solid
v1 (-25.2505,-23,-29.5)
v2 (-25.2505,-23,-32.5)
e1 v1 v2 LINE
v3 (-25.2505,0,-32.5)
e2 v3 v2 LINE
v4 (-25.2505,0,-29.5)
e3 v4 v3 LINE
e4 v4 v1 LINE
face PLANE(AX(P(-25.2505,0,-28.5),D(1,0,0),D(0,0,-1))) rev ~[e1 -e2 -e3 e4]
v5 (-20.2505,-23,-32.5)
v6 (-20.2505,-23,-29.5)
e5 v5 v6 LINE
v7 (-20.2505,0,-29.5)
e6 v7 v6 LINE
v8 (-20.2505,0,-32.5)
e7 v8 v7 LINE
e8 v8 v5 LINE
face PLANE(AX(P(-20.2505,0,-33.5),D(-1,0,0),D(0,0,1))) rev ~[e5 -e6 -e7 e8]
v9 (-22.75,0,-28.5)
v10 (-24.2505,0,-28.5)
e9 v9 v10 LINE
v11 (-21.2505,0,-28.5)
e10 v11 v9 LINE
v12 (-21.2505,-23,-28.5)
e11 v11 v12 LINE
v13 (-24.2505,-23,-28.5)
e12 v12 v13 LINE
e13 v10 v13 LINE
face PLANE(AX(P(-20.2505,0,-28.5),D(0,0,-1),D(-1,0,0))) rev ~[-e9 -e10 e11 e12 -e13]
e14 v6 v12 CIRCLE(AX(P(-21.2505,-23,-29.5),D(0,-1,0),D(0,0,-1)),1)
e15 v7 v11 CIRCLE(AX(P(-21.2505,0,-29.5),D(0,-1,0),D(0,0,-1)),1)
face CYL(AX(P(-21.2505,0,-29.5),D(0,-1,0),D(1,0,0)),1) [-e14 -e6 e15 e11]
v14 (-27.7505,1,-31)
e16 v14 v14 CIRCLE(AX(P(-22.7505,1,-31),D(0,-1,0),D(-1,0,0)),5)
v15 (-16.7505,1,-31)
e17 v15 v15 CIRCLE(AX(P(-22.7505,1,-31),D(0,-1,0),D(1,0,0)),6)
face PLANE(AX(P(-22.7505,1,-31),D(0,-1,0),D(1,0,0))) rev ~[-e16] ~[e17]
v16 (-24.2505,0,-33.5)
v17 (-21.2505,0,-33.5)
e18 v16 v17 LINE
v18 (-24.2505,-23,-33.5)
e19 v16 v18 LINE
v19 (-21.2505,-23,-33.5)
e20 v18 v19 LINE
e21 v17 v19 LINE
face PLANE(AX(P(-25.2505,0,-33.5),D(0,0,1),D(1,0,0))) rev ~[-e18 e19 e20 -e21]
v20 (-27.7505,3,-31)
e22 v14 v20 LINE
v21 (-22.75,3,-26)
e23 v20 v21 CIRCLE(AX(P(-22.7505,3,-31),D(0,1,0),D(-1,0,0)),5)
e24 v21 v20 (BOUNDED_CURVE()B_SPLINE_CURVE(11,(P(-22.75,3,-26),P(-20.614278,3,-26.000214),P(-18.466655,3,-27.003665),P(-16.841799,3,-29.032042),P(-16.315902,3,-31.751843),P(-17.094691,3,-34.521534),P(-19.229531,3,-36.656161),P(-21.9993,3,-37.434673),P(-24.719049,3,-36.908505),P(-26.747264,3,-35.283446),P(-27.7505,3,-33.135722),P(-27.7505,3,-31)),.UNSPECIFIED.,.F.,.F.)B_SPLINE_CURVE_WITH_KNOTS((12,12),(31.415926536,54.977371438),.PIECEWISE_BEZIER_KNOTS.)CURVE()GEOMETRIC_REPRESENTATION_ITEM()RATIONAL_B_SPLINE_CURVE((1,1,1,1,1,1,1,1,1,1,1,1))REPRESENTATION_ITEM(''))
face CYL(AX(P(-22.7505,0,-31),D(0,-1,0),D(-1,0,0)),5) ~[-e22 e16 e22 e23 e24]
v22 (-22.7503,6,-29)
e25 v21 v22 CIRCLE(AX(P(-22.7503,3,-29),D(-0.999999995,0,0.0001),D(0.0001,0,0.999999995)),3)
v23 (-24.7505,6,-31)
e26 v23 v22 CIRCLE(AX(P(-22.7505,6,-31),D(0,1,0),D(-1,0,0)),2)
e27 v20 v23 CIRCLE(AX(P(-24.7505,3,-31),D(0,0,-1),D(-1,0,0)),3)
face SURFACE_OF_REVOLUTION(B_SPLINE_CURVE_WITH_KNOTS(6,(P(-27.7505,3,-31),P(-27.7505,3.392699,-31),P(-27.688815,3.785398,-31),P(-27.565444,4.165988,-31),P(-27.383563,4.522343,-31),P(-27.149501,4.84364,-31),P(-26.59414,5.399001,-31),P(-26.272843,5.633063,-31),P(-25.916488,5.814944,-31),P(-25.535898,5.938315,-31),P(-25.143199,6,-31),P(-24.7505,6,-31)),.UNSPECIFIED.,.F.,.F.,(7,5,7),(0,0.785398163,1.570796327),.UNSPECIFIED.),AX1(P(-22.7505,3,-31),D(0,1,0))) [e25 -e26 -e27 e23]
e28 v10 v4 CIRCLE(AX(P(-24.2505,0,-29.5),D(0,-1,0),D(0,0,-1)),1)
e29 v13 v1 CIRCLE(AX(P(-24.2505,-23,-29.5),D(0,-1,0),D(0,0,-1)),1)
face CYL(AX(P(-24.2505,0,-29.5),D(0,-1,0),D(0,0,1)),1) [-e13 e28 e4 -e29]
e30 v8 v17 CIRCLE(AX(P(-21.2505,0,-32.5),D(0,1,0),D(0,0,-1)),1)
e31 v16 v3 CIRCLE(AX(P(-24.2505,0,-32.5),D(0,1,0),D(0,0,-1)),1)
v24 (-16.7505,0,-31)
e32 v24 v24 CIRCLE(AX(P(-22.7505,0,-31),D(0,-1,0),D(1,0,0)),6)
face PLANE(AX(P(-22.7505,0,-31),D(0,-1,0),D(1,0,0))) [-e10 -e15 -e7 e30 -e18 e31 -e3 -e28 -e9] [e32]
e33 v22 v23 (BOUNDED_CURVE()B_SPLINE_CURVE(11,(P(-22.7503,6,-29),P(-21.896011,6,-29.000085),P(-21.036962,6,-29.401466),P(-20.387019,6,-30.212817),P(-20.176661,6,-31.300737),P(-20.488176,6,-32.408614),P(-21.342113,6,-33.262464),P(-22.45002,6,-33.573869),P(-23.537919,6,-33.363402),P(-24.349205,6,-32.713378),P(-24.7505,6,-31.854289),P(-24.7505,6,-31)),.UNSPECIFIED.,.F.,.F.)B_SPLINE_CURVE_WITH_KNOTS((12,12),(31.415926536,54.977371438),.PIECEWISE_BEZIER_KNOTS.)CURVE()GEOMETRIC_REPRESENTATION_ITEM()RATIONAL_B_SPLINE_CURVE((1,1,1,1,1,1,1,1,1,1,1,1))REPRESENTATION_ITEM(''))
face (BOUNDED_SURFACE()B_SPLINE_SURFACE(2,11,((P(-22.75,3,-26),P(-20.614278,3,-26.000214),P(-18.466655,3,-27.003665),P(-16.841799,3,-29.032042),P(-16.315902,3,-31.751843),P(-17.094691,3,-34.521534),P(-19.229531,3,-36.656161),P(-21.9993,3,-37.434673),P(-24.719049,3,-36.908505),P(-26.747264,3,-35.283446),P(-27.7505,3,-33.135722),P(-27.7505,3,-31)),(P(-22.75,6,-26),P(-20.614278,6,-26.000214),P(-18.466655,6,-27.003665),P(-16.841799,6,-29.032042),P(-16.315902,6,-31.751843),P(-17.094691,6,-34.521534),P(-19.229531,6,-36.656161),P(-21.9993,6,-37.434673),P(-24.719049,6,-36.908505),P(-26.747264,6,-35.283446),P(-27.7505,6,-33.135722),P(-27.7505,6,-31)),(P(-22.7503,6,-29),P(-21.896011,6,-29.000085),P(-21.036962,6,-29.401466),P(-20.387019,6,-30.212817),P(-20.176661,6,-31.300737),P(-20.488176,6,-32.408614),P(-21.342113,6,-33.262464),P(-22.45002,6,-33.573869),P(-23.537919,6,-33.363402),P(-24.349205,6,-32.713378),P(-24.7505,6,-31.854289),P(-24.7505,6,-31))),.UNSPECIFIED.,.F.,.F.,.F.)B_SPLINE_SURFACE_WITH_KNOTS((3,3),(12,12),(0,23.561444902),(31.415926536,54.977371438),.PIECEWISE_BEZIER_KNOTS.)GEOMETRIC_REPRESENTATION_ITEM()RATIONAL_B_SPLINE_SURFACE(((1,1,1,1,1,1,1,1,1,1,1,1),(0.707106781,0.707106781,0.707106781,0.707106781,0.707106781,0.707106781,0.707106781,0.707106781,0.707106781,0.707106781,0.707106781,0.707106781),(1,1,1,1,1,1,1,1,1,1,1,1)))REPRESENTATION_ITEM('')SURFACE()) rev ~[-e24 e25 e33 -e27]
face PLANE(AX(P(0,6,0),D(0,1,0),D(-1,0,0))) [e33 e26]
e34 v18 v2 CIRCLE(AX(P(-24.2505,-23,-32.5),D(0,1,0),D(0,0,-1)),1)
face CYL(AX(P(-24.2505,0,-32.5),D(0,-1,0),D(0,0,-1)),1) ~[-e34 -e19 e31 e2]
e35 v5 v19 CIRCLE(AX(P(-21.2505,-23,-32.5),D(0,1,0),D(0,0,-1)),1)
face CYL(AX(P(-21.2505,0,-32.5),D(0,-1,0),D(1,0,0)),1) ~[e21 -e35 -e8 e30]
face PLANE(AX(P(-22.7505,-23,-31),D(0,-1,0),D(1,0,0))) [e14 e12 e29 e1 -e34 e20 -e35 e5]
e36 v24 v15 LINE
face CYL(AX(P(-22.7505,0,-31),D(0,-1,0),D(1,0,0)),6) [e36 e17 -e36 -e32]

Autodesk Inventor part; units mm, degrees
ref_plane "YZ Plane" through (0, 0, 0) normal (1, 0, 0) x (0, 1, 0)
ref_plane "XZ Plane" through (0, 0, 0) normal (0, 1, 0) x (-1, 0, 0)
ref_plane "XY Plane" through (0, 0, 0) normal (0, 0, 1) x (1, 0, 0)
sketch "MainSketch" plane through (0, 0, 0) normal (0, 1, 0) x (-1, 0, 0)
  line L0 (31, -50) -> (-31, -50)
  line L1 (-31, -50) -> (-31, 50)
  line L2 (-31, 50) -> (31, 50)
  line L3 (31, 50) -> (31, -50)
  line L4 (31, -49.4494) -> (-31, 50.5506) construction
  line L5 (-31, -50) -> (31, 50) construction
  line L6 (31, 50) -> (-31, 50)
  line L7 (-31, 50) -> (-31, 21.5)
  line L8 (-31, 21.5) -> (31, 21.5)
  line L9 (31, 21.5) -> (31, 50)
  line L10 (-31, -50) -> (16, -50)
  line L11 (16, -50) -> (16, 21.5)
  line L12 (16, 21.5) -> (-31, 21.5)
  line L13 (-31, 21.5) -> (-31, -50)
  line L14 (31, 21.5) -> (16, 21.5)
  line L15 (16, 21.5) -> (16, -50)
  line L16 (16, -50) -> (31, -50)
  line L17 (31, -50) -> (31, 21.5)
  line L18 (-31, 21.5) -> (-31, 35.75)
  line L19 (-31, 21.5) -> (-31, 35.75)
  arc A0 (0, 50) -> (-31, 21.5) centre (0.8091, 18.0102) ccw
  line L20 (29.5, 48.5) -> (-29.5, 48.5)
  line L21 (-29.5, 48.5) -> (-29.5, -48.5)
  line L22 (-29.5, -48.5) -> (29.5, -48.5)
  line L23 (29.5, -48.5) -> (29.5, 48.5)
  line L24 (29.5, 48.5) -> (-29.5, -48.5) construction
  line L25 (-29.5, 48.5) -> (29.5, -48.5) construction
  line L26 (-29.5, -48.5) -> (16, -48.5)
  line L27 (16, -48.5) -> (16, 2.2597)
  line L28 (16, 2.2597) -> (-29.5, 2.2597)
  line L29 (-29.5, 2.2597) -> (-29.5, -48.5)
  line L30 (16, -48.5) -> (29.5, -48.5)
  line L31 (29.5, -48.5) -> (29.5, 11.5)
  line L32 (29.5, 11.5) -> (16, 11.5)
  line L33 (16, 11.5) -> (16, -48.5)
  line L34 (29.5, 21.5) -> (16, 21.5)
  line L35 (16, 21.5) -> (16, 11.5)
  line L36 (16, 11.5) -> (29.5, 11.5)
  line L37 (29.5, 11.5) -> (29.5, 21.5)
  line L38 (29.5, 21.5) -> (29.5, 11.5)
  line L39 (29.5, 16.5) -> (16, 16.5)
  line L40 (22.75, 16.5) -> (22.75, 11.5)
  line L41 (22.75, 16.5) -> (22.75, 21.5)
  circle A1 centre (22.75, 16.5) radius 4
  arc A2 (0, 48.5) -> (-29.5, 21.5) centre (0.9166, 17.8828) ccw
  line L42 (-20.0675, 15.4609) -> (-7.0675, 15.4609)
  line L43 (-7.0675, 15.4609) -> (-7.0675, -23.5689)
  line L44 (-7.0675, -23.5689) -> (-20.0675, -23.5689)
  line L45 (-20.0675, -23.5689) -> (-20.0675, 15.4609)
  line L46 (22.75, 11.5) -> (22.75, -28.5)
  line L47 (22.75, 11.5) -> (62.75, 11.5) construction
  line L48 (20.2505, -33.5) -> (20.2505, -28.5)
  line L49 (22.75, -28.5) -> (25.2505, -28.5)
  line L50 (20.2505, -28.5) -> (25.2505, -28.5)
  line L51 (25.2505, -28.5) -> (25.2505, -33.5)
  line L52 (25.2505, -33.5) -> (20.2505, -33.5)
  line L53 (20.2505, -33.5) -> (20.2505, -28.5)
  line L54 (25.2505, -28.5) -> (20.2505, -33.5)
  line L55 (20.2505, -28.5) -> (25.2505, -33.5)
  circle A3 centre (22.7505, -31) radius 5
  line L56 (-7.0675, 15.4609) -> (-20.0675, 15.4609)
  line L57 (-20.0675, 15.4609) -> (-20.0675, 10.4609)
  line L58 (-20.0675, 10.4609) -> (-7.0675, 10.4609)
  line L59 (-7.0675, 10.4609) -> (-7.0675, 15.4609)
  line L60 (-7.0675, -23.5689) -> (-20.0675, -23.5689)
  line L61 (-20.0675, -23.5689) -> (-20.0675, -18.5689)
  line L62 (-20.0675, -18.5689) -> (-7.0675, -18.5689)
  line L63 (-7.0675, -18.5689) -> (-7.0675, -23.5689)
  line L64 (-29.5, -48.5) -> (-16.5, -48.5)
  line L65 (-16.5, -48.5) -> (-8.5, -48.5)
  line L66 (-8.5, -48.5) -> (-8.5, -42.5)
  line L67 (-8.5, -42.5) -> (-16.5, -42.5)
  line L68 (-16.5, -42.5) -> (-16.5, -48.5)
  line L69 (-8.5, -42.5) -> (-4.5, -42.5)
  line L70 (-8.5, -42.5) -> (-4.5, -42.5) construction
  line L71 (-4.5, -42.5) -> (-3.5, -42.5)
  line L72 (-3.5, -42.5) -> (-3.5, -40.5)
  line L73 (-3.5, -40.5) -> (-4.5, -40.5)
  line L74 (-4.5, -40.5) -> (-4.5, -42.5)
  line L75 (-4.5, -42.5) -> (-3.5, -42.5)
  line L76 (-3.5, -42.5) -> (-3.5, -44.5)
  line L77 (-3.5, -44.5) -> (-4.5, -44.5)
  line L78 (-4.5, -44.5) -> (-4.5, -42.5)
  line L79 (-8.5, -42.5) -> (-8.5, -10.5)
  line L80 (-8.5, -10.5) -> (-10.5, -10.5)
  line L81 (-10.5, -10.5) -> (-10.5, -9.5)
  line L82 (-10.5, -9.5) -> (-8.5, -9.5)
  line L83 (-8.5, -9.5) -> (-8.5, -10.5)
  line L84 (-8.5, -42.5) -> (-8.5, -37.5)
  line L85 (-8.5, -37.5) -> (-9.5, -37.5)
  line L86 (-9.5, -37.5) -> (-9.5, -39.5)
  line L87 (-9.5, -39.5) -> (-8.5, -39.5)
  line L88 (-8.5, -39.5) -> (-8.5, -37.5)
  point P0 (0, 0)
  dimension "d0" = 62
  dimension "d1" = 100
  dimension "d2" = 62
  dimension "d3" = 28.5
  dimension "d4" = 47
  dimension "d5" = 32
  dimension "d6" = 59
  dimension "d7" = 97
  dimension "d8" = 60
  dimension "d9" = 8
  dimension "d10" = 39.0299
  dimension "d11" = 13
  dimension "d12" = 40
  dimension "d13" = 90
  dimension "d14" = 5
  dimension "d15" = 5
  dimension "d16" = 10
  dimension "d17" = 5
  dimension "d18" = 5
  dimension "d19" = 13
  dimension "d20" = 8
  dimension "d21" = 6
  dimension "d22" = 4
  dimension "d23" = 0
  dimension "d24" = 1
  dimension "d25" = 2
  dimension "d26" = 2
  dimension "d27" = 32
  dimension "d28" = 2
  dimension "d29" = 1
  dimension "d30" = 5
  dimension "d31" = 1
  dimension "d32" = 2
extrude "MainExtrusion" add sketch "MainSketch" along normal blind 6 contours L49 L54 L55 L50 | A3 | L51 L55 L54 | L55 L54 L48 | L52 L54 L55
sketch "ButtonBlockerSketch" plane through (-22.7505, 0, -31) normal (0, -1, 0) x (1, 0, 0)
  circle A0 centre (0, 0) radius 6
  point P0 (22.7505, 31)
  dimension "d35" = 12
extrude "ButtonBlockerExtrusion" add sketch "ButtonBlockerSketch" against normal blind 1
fillet "MainConnection" radius 3 1 edges at (-17.7505, 6, -31)
sketch "ClickerProtusionSketch" plane through (-22.7505, 0, -31) normal (0, -1, 0) x (1, 0, 0)
  line L0 (2.5, 2.5) -> (-2.5, 2.5)
  line L1 (-2.5, 2.5) -> (-2.5, -2.5)
  line L2 (-2.5, -2.5) -> (2.5, -2.5)
  line L3 (2.5, -2.5) -> (2.5, 2.5)
  line L4 (2.5, 2.5) -> (-2.5, -2.5) construction
  line L5 (-2.5, 2.5) -> (2.5, -2.5) construction
  point P0 (22.7505, 31)
  point P1 (0, 0)
  dimension "d39" = 5
  dimension "d40" = 5
extrude "ClickerProtusionExtrusion" add sketch "ClickerProtusionSketch" along normal blind 23
fillet "ClickerProtusionConnection" radius 1 4 edges at (-20.2505, -11.5, -33.5) (-20.2505, -11.5, -28.5) (-25.2505, -11.5, -33.5) (-25.2505, -11.5, -28.5)
properties part number "EvoTest_body"
